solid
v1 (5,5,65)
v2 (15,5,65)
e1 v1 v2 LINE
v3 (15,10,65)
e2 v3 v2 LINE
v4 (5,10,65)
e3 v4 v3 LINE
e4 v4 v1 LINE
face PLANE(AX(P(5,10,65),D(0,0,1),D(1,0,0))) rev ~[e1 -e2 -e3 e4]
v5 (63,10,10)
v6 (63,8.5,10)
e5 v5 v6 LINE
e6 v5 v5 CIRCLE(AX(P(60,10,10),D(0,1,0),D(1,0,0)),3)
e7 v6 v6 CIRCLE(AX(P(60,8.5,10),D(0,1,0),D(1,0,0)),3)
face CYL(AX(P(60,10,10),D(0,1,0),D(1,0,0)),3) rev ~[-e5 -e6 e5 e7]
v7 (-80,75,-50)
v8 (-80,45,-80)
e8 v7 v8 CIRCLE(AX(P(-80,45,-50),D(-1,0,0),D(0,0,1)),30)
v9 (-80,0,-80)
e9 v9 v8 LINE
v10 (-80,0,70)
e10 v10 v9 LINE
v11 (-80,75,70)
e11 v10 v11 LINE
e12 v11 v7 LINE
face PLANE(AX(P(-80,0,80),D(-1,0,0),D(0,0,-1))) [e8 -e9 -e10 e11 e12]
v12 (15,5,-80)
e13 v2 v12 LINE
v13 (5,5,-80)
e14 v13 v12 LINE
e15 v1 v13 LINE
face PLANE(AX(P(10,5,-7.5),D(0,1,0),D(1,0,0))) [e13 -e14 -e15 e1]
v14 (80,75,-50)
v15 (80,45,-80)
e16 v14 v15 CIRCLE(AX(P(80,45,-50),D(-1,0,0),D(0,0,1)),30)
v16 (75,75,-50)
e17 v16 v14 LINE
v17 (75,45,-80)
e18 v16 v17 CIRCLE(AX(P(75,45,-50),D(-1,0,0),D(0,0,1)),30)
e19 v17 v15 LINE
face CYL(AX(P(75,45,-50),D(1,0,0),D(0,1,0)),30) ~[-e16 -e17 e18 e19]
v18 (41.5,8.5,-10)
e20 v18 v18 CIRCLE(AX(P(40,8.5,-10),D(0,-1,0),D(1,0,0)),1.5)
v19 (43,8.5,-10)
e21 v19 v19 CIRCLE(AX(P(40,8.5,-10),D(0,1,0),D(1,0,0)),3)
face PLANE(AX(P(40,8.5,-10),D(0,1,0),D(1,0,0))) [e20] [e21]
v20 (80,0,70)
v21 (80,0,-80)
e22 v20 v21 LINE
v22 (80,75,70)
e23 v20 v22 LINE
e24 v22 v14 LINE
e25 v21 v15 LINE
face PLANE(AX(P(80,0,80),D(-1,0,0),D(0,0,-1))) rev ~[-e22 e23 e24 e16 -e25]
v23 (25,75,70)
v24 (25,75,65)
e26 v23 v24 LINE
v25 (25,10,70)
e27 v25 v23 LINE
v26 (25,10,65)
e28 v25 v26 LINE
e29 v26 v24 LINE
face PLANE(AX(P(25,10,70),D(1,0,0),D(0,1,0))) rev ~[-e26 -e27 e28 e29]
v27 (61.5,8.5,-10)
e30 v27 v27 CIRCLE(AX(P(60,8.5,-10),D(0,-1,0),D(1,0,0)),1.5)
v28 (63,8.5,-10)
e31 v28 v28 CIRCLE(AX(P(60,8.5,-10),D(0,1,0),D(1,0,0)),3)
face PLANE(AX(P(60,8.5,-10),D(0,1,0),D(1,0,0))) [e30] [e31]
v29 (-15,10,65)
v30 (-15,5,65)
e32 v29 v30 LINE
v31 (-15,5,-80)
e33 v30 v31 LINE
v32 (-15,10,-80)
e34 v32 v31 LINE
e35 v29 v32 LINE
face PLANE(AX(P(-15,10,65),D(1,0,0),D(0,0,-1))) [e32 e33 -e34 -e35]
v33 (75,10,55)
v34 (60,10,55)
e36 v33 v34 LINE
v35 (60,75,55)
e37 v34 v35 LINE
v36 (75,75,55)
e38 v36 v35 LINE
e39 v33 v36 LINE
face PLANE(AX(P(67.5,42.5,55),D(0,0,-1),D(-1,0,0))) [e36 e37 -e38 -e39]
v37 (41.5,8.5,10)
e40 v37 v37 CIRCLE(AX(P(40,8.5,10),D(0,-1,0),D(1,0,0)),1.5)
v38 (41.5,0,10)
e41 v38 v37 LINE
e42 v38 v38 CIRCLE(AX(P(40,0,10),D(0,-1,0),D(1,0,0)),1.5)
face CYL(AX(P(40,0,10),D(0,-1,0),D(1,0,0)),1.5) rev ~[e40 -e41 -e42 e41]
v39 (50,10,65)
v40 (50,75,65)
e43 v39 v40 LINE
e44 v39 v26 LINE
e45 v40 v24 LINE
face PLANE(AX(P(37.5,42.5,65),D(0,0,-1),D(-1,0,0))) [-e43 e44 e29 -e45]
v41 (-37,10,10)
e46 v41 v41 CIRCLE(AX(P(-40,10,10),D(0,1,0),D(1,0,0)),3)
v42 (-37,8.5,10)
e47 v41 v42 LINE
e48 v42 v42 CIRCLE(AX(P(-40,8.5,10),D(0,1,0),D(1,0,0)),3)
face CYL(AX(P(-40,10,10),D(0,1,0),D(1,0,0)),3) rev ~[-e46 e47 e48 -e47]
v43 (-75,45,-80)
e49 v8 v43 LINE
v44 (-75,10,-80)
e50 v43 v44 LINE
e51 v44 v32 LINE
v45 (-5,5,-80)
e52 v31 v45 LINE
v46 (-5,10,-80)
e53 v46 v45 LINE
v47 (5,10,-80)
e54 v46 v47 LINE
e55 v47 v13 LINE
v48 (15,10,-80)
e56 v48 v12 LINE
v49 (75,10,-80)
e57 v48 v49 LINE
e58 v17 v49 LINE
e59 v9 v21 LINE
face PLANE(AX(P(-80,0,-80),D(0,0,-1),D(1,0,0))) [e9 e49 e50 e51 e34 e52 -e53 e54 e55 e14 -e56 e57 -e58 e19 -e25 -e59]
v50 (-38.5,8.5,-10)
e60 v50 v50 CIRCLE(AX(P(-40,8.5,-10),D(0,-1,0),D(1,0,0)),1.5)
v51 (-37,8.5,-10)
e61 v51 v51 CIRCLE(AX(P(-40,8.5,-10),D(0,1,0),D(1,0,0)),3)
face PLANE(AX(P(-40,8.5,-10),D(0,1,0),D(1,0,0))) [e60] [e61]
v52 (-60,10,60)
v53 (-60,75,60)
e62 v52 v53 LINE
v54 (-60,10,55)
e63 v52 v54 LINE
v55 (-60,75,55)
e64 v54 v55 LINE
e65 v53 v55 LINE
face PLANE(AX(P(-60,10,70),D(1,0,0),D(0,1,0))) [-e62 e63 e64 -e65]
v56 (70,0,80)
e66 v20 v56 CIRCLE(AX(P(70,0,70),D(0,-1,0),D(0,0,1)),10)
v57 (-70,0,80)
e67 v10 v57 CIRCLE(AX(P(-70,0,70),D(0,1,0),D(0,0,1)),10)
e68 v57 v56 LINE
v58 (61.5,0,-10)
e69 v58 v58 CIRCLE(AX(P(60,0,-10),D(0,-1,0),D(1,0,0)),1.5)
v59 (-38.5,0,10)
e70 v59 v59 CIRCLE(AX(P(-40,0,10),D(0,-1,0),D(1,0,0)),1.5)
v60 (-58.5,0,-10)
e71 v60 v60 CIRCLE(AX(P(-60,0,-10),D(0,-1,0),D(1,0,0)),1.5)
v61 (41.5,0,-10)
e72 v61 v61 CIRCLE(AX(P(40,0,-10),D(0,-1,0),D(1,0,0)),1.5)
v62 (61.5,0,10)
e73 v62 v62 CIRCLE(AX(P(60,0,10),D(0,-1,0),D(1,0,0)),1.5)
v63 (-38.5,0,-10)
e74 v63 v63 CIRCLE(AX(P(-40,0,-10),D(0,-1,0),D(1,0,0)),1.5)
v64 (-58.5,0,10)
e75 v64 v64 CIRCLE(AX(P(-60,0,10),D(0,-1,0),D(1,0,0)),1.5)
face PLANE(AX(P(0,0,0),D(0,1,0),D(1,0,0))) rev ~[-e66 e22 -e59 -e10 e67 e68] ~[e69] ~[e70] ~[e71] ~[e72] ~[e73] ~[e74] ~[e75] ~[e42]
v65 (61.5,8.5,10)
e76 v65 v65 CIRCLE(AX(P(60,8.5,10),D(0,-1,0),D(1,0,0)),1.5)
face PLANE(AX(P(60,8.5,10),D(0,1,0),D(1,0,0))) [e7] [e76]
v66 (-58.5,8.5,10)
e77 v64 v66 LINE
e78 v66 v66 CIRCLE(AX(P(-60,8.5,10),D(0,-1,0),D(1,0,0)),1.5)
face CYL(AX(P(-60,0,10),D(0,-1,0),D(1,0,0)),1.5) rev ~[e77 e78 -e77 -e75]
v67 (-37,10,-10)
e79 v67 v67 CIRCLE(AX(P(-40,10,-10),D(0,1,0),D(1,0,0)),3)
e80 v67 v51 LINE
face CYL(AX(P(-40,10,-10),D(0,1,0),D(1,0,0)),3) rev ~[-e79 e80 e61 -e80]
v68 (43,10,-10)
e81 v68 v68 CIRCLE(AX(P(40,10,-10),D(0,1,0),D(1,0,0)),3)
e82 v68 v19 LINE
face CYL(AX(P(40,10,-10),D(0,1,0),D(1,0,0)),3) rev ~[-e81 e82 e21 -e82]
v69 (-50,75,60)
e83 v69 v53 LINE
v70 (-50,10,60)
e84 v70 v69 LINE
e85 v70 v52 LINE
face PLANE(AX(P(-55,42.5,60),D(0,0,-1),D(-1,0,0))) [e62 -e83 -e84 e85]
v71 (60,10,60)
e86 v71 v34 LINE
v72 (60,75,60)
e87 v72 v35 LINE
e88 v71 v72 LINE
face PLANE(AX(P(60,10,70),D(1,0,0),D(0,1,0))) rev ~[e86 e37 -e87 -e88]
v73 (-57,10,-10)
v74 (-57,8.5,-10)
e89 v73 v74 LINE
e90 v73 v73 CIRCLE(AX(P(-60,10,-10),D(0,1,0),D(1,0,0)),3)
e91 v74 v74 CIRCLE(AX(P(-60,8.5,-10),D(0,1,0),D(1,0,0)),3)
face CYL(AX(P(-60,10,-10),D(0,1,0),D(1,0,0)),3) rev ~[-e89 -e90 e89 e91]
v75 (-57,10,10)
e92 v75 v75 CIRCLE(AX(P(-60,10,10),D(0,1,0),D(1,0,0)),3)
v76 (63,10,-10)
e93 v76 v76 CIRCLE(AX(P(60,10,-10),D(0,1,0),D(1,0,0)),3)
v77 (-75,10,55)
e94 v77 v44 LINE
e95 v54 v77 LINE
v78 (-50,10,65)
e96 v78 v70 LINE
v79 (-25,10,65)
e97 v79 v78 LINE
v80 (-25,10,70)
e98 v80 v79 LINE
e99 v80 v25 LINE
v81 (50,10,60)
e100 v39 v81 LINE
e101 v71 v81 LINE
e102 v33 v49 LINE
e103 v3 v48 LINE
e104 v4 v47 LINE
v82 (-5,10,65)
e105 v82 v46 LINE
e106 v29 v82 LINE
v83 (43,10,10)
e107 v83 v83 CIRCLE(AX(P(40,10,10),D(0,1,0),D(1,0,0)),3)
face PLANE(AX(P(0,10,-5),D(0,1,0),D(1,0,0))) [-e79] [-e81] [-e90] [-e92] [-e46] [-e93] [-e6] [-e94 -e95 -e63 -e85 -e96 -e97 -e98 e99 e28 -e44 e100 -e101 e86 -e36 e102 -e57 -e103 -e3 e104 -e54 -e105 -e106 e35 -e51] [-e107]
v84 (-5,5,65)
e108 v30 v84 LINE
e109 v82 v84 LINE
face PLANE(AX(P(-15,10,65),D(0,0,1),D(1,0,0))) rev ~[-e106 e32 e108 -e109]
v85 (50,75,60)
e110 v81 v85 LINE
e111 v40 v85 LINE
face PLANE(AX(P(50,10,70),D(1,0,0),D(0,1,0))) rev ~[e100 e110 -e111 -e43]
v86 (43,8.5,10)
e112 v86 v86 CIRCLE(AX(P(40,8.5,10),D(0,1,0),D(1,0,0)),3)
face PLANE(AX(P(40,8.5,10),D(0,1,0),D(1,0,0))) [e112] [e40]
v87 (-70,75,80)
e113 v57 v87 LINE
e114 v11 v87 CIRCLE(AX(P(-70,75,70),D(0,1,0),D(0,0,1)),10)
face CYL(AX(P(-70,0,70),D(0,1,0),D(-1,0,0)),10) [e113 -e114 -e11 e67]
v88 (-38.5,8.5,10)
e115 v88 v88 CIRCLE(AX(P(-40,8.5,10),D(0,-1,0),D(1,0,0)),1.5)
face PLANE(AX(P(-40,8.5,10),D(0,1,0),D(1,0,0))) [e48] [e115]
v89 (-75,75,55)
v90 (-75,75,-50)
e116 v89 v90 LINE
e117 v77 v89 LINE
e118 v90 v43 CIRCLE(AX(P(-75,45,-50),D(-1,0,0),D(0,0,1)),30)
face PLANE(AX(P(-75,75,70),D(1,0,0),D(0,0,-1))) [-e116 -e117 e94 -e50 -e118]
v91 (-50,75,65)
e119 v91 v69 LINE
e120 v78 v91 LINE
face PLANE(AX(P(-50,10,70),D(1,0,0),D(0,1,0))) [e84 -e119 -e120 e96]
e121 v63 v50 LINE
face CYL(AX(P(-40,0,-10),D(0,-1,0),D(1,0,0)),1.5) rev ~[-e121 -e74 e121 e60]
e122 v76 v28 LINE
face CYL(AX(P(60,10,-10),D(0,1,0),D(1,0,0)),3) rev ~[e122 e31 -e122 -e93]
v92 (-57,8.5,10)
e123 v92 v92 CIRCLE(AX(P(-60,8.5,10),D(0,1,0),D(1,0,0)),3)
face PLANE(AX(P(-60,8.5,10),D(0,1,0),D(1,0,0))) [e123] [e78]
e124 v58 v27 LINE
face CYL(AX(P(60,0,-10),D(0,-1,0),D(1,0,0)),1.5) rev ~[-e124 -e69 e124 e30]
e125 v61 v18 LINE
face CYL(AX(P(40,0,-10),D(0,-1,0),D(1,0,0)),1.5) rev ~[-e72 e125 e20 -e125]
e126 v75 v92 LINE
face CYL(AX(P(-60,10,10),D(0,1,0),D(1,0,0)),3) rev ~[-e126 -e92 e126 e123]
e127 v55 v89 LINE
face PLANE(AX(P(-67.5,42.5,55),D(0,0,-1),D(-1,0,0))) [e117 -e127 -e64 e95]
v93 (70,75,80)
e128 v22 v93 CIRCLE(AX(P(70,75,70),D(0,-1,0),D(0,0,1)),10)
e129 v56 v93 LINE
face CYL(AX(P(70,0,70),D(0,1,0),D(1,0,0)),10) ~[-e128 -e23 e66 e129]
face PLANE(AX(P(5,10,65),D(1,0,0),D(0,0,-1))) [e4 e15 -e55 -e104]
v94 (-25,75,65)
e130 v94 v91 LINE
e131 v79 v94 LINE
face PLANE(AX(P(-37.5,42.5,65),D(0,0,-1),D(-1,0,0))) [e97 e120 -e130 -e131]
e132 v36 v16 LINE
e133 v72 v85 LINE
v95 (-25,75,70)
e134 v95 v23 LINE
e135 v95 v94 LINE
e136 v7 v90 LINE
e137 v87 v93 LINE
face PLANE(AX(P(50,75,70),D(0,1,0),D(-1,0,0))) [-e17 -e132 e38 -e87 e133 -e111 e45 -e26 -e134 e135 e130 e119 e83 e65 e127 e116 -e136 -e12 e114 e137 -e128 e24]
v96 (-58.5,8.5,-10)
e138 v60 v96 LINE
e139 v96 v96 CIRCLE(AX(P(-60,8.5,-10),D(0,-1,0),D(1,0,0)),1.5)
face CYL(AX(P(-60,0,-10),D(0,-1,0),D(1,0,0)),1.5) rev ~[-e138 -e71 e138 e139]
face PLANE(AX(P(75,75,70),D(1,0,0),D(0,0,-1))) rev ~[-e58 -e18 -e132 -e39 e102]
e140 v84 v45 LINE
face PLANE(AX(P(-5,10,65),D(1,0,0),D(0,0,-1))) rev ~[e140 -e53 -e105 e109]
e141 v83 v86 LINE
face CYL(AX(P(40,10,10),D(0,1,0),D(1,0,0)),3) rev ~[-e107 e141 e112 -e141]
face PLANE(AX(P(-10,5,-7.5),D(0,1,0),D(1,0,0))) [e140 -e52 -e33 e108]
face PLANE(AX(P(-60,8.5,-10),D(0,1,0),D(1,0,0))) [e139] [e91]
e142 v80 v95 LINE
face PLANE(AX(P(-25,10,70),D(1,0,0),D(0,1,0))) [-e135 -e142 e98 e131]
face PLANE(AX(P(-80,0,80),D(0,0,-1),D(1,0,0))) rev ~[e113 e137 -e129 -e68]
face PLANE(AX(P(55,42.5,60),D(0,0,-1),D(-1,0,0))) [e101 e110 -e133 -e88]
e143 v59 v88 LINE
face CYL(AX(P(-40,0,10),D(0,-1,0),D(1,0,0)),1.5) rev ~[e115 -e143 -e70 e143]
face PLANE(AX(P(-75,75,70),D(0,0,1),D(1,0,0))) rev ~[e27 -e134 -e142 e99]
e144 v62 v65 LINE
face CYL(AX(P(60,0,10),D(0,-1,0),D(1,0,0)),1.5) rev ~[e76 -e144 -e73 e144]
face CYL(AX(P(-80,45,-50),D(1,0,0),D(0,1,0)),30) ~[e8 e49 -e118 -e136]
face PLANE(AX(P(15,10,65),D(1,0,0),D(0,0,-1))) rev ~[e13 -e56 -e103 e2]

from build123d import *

# Parameters (mm, degrees)
SKETCH1_W           = 160
SKETCH1_H           = 160
BOSS_EXTRUDE1_DEPTH = 75
SKETCH2_W           = 150
SKETCH2_H           = 150
CUT_EXTRUDE1_DEPTH  = 65
SKETCH3_W           = 15
SKETCH3_H           = 65
BOSS_EXTRUDE2_DEPTH = 15
SKETCH4_W           = 10
SKETCH4_H           = 65
BOSS_EXTRUDE3_DEPTH = 10
FILLET1_R           = 10
SKETCH11_W          = 25
SKETCH11_H          = 65
BOSS_EXTRUDE4_DEPTH = 5
FILLET2_R           = 30
SKETCH15_R          = 1.5
CUT_EXTRUDE2_DEPTH  = 10
SKETCH17_R          = 3
CUT_EXTRUDE3_DEPTH  = 1.5
SKETCH18_W          = 10
SKETCH18_H          = 145
CUT_EXTRUDE6_DEPTH  = 5


with BuildPart() as part:
    # Sketch1 → Boss-Extrude1 (new body)
    with BuildSketch(Plane(origin=(0, 0, 0), x_dir=(1, 0, 0), z_dir=(0, 1, 0))):
        Rectangle(SKETCH1_W, SKETCH1_H)
    extrude(amount=BOSS_EXTRUDE1_DEPTH)

    # Sketch2 → Cut-Extrude1 (cut)
    with BuildSketch(Plane(origin=(0, 75, 0), x_dir=(1, 0, 0), z_dir=(0, 1, 0))):
        with Locations((0, 5)):
            Rectangle(SKETCH2_W, SKETCH2_H)
    extrude(amount=-CUT_EXTRUDE1_DEPTH, mode=Mode.SUBTRACT)

    # Sketch3 → Boss-Extrude2 (add)
    with BuildSketch(Plane(origin=(0, 0, 70), x_dir=(-1, 0, 0), z_dir=(0, 0, -1))):
        with Locations((-67.5, 42.5)):
            Rectangle(SKETCH3_W, SKETCH3_H)
        with Locations((67.5, 42.5)):
            Rectangle(SKETCH3_W, SKETCH3_H)
    extrude(amount=BOSS_EXTRUDE2_DEPTH)

    # Sketch4 → Boss-Extrude3 (add)
    with BuildSketch(Plane(origin=(0, 0, 70), x_dir=(-1, 0, 0), z_dir=(0, 0, -1))):
        with Locations((-55, 42.5)):
            Rectangle(SKETCH4_W, SKETCH4_H)
        with Locations((55, 42.5)):
            Rectangle(SKETCH4_W, SKETCH4_H)
    extrude(amount=BOSS_EXTRUDE3_DEPTH)

    # Fillet1
    fillet1_edges = [part.edges().sort_by_distance(p)[0] for p in [
        (80, 37.5, 80),
        (-80, 37.5, 80),
    ]]
    fillet(fillet1_edges, radius=FILLET1_R)

    # Sketch11 → Boss-Extrude4 (add)
    with BuildSketch(Plane(origin=(0, 0, 70), x_dir=(-1, 0, 0), z_dir=(0, 0, -1))):
        with Locations((-37.5, 42.5)):
            Rectangle(SKETCH11_W, SKETCH11_H)
        with Locations((37.5, 42.5)):
            Rectangle(SKETCH11_W, SKETCH11_H)
    extrude(amount=BOSS_EXTRUDE4_DEPTH)

    # Fillet2
    fillet2_edges = [part.edges().sort_by_distance(p)[0] for p in [
        (-77.5, 75, -80),
        (77.5, 75, -80),
    ]]
    fillet(fillet2_edges, radius=FILLET2_R)

    # Sketch15 → Cut-Extrude2 (cut)
    with BuildSketch(Plane.XZ):
        with Locations((-60, 10)):
            Circle(SKETCH15_R)
        with Locations((-40, 10)):
            Circle(SKETCH15_R)
        with Locations((40, 10)):
            Circle(SKETCH15_R)
        with Locations((60, 10)):
            Circle(SKETCH15_R)
        with Locations((60, -10)):
            Circle(SKETCH15_R)
        with Locations((40, -10)):
            Circle(SKETCH15_R)
        with Locations((-40, -10)):
            Circle(SKETCH15_R)
        with Locations((-60, -10)):
            Circle(SKETCH15_R)
    extrude(amount=-CUT_EXTRUDE2_DEPTH, mode=Mode.SUBTRACT)

    # Sketch17 → Cut-Extrude3 (cut)
    with BuildSketch(Plane(origin=(0, 10, 0), x_dir=(1, 0, 0), z_dir=(0, 1, 0))):
        with Locations((-60, 10)):
            Circle(SKETCH17_R)
        with Locations((-40, 10)):
            Circle(SKETCH17_R)
        with Locations((-40, -10)):
            Circle(SKETCH17_R)
        with Locations((-60, -10)):
            Circle(SKETCH17_R)
        with Locations((40, -10)):
            Circle(SKETCH17_R)
        with Locations((60, -10)):
            Circle(SKETCH17_R)
        with Locations((40, 10)):
            Circle(SKETCH17_R)
        with Locations((60, 10)):
            Circle(SKETCH17_R)
    extrude(amount=-CUT_EXTRUDE3_DEPTH, mode=Mode.SUBTRACT)

    # Sketch18 → Cut-Extrude6 (cut)
    with BuildSketch(Plane(origin=(0, 10, 0), x_dir=(1, 0, 0), z_dir=(0, 1, 0))):
        with Locations((10, 7.5)):
            Rectangle(SKETCH18_W, SKETCH18_H)
        with Locations((-10, 7.5)):
            Rectangle(SKETCH18_W, SKETCH18_H)
    extrude(amount=-CUT_EXTRUDE6_DEPTH, mode=Mode.SUBTRACT)


solid = part.part
